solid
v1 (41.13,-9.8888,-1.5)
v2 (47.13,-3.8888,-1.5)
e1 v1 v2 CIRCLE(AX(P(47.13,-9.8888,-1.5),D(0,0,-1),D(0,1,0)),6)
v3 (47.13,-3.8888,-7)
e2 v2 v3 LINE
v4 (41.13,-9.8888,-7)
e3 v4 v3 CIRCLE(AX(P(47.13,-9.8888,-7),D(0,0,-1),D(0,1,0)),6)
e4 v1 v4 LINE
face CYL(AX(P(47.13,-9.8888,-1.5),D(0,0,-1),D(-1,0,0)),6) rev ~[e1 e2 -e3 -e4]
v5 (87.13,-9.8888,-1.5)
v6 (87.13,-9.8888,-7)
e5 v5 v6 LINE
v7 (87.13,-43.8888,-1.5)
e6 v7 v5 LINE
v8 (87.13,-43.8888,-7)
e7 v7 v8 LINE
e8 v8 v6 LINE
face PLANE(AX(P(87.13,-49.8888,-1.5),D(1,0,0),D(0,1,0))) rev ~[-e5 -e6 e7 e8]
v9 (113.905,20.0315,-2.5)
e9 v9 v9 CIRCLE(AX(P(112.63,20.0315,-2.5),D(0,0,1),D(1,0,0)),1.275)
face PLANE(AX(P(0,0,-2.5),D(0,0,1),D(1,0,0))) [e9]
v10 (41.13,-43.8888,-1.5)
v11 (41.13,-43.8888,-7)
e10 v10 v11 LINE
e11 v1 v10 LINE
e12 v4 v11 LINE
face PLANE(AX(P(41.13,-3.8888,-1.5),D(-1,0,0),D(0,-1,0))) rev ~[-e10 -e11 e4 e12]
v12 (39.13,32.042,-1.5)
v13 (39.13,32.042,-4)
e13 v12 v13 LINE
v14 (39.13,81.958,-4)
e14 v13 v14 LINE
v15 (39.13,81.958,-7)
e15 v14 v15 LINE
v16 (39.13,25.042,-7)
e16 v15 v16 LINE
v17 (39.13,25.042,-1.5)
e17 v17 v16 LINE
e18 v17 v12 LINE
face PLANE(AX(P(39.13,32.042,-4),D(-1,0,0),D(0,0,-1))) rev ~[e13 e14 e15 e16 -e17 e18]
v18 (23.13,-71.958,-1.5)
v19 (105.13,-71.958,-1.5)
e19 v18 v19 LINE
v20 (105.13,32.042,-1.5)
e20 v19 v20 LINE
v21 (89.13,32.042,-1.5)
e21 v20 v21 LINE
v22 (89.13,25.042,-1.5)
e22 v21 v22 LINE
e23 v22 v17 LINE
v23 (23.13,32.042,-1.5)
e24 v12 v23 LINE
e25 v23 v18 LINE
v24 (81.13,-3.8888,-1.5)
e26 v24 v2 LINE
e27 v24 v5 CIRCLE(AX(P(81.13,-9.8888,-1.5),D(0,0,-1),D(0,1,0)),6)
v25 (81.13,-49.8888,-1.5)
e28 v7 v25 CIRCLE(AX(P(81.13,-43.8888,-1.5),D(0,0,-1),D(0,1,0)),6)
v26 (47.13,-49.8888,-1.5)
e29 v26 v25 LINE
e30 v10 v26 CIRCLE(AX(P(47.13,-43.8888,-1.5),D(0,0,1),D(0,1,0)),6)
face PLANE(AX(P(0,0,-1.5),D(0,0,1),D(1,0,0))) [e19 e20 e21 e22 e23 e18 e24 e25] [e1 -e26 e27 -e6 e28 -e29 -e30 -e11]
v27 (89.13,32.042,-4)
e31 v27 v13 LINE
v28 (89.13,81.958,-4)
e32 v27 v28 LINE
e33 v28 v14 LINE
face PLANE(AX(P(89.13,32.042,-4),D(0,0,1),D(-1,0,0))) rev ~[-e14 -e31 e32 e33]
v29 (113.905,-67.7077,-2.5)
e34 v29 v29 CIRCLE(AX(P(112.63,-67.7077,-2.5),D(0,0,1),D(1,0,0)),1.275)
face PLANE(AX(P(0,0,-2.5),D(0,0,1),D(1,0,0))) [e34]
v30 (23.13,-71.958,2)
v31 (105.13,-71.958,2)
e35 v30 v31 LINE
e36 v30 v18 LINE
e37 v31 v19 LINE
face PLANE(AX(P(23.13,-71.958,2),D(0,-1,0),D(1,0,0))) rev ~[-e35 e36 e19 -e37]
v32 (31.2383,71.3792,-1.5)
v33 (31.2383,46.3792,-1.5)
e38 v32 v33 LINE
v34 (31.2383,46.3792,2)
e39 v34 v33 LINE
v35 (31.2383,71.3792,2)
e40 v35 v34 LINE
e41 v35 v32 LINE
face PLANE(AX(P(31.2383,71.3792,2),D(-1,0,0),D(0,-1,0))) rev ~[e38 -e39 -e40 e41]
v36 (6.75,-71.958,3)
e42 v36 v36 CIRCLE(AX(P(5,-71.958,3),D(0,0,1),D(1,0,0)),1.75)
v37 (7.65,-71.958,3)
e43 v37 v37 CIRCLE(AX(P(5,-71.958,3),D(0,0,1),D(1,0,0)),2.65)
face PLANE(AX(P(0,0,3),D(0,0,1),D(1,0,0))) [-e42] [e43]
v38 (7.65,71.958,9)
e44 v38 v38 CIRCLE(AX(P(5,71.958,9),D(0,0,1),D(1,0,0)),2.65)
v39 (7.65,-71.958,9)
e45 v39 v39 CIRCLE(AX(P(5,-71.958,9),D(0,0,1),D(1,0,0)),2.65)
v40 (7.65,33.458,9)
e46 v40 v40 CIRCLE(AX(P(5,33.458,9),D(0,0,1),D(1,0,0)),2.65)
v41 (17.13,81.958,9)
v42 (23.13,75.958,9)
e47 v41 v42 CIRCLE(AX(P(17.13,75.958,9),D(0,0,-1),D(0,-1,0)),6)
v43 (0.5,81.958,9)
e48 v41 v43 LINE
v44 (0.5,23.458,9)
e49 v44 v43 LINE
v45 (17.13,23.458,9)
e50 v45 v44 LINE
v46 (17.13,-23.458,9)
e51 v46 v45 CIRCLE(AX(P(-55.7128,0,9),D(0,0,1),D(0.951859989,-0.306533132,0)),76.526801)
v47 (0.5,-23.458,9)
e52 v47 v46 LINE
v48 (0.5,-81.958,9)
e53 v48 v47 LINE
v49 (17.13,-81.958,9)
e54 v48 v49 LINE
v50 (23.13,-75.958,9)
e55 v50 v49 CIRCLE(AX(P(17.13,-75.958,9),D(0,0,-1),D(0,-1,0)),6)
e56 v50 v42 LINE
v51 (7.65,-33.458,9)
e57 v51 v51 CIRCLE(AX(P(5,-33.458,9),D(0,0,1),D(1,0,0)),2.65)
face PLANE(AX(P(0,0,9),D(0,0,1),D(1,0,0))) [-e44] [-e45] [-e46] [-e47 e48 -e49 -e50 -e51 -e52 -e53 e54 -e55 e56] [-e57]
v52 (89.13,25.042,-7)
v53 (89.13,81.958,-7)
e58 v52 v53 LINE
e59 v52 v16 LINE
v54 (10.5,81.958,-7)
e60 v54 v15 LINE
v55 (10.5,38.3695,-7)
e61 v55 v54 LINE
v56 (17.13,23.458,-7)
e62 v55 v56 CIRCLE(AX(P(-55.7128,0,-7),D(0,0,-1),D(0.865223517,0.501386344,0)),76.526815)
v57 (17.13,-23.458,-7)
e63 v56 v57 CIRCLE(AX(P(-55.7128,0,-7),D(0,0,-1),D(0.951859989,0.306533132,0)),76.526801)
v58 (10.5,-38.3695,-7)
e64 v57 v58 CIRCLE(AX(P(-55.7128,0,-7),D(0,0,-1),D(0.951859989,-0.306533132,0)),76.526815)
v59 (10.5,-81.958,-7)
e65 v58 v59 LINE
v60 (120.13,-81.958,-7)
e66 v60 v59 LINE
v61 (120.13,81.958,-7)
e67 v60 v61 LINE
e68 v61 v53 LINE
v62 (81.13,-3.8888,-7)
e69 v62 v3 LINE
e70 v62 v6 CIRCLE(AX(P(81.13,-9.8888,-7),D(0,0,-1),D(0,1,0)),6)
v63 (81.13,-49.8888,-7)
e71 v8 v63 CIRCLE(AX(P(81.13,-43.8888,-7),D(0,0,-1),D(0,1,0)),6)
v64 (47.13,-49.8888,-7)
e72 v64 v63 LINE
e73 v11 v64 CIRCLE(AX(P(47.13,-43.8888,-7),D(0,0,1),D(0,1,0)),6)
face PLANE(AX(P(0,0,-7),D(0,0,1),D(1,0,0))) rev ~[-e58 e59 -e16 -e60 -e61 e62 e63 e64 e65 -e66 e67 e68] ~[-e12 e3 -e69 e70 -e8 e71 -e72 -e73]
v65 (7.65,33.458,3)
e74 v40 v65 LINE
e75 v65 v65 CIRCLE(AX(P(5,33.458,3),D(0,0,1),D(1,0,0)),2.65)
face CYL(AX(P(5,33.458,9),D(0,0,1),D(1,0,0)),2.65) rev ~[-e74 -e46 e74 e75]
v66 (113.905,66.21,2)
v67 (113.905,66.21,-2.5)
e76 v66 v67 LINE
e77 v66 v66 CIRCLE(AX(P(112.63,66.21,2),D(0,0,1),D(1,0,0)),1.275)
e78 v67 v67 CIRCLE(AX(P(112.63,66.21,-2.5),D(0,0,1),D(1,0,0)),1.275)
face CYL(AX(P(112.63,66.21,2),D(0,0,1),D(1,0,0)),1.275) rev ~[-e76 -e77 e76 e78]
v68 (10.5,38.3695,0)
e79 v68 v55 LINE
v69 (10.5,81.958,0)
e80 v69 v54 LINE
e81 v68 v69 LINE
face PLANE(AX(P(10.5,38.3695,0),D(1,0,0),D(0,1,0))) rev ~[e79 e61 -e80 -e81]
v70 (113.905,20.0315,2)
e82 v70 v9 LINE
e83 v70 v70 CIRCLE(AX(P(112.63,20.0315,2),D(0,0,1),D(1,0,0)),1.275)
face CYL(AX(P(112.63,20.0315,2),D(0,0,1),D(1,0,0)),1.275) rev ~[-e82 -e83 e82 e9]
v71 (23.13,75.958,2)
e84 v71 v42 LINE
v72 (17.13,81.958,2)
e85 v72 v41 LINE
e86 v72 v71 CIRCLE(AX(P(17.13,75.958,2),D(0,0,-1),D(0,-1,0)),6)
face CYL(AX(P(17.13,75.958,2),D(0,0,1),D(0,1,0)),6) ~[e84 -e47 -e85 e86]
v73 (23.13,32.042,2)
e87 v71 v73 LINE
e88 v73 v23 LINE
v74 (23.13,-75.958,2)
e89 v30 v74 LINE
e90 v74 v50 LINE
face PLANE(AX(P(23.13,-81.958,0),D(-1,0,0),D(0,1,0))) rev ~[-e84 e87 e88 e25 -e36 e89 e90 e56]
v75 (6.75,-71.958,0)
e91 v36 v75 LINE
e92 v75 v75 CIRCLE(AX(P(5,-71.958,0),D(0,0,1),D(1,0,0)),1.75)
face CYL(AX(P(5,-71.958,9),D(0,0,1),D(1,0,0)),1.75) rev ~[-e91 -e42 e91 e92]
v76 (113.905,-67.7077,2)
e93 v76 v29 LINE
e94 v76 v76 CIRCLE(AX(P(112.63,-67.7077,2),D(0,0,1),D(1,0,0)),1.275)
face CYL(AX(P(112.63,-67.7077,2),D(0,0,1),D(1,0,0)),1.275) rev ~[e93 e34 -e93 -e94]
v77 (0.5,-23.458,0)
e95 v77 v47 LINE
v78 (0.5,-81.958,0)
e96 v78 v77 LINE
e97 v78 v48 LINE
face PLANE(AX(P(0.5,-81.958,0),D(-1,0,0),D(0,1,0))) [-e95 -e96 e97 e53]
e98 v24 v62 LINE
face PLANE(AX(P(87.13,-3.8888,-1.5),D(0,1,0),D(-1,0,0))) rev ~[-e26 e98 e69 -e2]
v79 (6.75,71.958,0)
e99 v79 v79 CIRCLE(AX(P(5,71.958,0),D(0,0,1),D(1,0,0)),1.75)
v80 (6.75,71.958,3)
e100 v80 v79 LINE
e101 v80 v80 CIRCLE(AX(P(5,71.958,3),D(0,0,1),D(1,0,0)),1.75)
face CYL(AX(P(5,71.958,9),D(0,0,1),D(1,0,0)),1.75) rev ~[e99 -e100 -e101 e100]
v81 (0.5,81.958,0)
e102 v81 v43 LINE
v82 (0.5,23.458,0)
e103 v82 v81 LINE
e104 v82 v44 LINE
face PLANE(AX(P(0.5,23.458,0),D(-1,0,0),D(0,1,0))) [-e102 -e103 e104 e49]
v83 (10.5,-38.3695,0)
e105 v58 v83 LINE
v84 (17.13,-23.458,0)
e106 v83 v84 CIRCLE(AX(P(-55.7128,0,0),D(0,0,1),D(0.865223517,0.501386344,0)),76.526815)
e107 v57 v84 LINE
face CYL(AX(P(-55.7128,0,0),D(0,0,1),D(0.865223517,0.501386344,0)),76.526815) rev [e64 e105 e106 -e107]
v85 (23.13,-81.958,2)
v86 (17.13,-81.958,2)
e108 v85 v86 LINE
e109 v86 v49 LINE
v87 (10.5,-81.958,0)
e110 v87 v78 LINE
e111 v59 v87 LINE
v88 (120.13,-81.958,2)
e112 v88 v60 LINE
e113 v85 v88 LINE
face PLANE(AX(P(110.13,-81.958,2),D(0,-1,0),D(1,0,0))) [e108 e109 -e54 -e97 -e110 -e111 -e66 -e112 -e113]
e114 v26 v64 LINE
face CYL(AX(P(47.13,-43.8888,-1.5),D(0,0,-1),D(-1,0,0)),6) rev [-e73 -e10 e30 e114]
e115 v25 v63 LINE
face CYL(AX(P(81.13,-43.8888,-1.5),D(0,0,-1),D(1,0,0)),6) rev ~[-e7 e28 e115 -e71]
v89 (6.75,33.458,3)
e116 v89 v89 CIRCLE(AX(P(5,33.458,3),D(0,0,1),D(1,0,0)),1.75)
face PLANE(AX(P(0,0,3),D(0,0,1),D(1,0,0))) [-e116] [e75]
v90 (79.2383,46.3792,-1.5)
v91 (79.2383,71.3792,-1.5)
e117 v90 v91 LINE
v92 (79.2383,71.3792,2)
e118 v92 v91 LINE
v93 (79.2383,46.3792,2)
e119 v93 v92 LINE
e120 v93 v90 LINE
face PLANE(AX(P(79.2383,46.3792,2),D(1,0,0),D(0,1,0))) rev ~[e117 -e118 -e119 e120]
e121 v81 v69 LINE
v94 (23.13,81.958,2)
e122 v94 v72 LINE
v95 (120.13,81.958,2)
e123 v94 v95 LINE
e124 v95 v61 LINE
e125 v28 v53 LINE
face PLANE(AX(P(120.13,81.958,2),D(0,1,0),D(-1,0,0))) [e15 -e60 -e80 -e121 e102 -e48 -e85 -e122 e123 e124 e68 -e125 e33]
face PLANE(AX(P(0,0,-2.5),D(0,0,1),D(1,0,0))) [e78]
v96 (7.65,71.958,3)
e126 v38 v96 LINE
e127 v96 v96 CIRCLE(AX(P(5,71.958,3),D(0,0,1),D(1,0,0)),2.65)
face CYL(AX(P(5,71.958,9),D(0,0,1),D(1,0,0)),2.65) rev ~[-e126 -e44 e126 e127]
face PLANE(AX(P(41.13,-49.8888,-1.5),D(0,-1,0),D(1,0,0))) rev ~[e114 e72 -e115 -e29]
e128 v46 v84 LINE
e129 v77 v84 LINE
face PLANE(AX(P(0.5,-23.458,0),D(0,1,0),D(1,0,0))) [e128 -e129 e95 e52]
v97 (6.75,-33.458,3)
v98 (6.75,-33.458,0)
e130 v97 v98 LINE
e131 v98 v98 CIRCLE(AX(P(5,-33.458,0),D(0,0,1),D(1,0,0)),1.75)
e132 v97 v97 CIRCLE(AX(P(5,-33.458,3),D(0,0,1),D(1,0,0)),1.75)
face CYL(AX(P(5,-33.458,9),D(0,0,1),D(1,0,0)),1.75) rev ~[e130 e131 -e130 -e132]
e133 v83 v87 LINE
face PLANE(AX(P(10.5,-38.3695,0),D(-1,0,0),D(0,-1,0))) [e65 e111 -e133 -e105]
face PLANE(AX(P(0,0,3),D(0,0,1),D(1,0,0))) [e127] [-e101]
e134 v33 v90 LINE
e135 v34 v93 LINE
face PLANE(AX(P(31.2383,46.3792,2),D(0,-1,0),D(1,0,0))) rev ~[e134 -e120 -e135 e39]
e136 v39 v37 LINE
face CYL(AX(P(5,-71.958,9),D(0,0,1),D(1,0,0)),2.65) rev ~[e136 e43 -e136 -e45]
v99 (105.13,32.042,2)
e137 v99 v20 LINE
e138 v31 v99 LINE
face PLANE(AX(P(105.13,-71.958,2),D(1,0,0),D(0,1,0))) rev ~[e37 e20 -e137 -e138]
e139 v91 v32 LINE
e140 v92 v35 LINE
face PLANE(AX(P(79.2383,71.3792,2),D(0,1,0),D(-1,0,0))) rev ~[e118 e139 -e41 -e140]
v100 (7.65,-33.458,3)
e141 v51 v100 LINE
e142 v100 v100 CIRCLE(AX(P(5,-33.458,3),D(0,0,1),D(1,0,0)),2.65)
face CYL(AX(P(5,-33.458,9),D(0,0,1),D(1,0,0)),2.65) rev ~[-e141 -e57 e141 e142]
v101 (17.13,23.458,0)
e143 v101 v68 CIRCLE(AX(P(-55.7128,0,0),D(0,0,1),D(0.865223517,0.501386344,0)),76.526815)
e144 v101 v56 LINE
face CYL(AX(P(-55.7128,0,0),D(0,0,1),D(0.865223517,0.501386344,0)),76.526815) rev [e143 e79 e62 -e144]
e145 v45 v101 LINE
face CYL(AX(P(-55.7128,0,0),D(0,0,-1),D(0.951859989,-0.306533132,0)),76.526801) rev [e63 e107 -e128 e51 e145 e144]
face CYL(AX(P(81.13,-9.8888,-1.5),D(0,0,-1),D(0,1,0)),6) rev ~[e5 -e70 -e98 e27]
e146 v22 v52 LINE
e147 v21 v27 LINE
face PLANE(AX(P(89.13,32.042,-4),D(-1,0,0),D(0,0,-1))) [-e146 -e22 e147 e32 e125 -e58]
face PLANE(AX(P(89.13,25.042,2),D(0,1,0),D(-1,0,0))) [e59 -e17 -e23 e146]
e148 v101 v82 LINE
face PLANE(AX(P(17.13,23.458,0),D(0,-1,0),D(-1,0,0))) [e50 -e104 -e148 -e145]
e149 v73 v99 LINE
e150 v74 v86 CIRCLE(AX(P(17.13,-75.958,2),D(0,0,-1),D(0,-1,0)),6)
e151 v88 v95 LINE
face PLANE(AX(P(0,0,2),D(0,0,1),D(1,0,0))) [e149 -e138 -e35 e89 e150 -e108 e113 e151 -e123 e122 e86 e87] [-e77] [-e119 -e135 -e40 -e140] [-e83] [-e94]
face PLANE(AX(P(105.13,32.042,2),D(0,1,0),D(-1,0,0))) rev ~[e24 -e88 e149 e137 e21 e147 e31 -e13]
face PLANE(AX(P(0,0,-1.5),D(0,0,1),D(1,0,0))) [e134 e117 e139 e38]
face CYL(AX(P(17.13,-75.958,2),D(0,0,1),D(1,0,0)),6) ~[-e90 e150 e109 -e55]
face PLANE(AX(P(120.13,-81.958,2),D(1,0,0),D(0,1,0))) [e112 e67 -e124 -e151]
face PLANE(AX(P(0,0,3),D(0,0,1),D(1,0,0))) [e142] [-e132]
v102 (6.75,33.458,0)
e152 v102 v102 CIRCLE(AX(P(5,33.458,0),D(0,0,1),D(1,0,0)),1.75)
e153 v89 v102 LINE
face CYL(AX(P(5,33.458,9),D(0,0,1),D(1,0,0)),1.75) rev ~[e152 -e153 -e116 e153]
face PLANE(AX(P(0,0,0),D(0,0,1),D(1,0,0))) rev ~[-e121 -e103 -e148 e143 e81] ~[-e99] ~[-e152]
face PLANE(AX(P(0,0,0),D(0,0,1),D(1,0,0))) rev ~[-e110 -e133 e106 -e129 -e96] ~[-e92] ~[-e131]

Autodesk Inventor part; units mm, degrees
ref_plane "YZ Plane" through (0, 0, 0) normal (1, 0, 0) x (0, 1, 0)
ref_plane "XZ Plane" through (0, 0, 0) normal (0, 1, 0) x (-1, 0, 0)
ref_plane "XY Plane" through (0, 0, 0) normal (0, 0, 1) x (1, 0, 0)
sketch "Sketch1" plane through (0, 0, 0) normal (0, 0, 1) x (1, 0, 0)
  line L0 (0, 0) -> (0, 22.958) construction
  line L1 (0, 0) -> (0, -22.958) construction
  line L2 (0, -22.958) -> (16.63, -22.958) construction
  line L3 (16.63, -22.958) -> (16.63, -81.958) construction
  line L4 (16.63, -81.958) -> (0, -81.958) construction
  line L5 (0, -81.958) -> (0, -22.958) construction
  line L6 (0, 22.958) -> (16.63, 22.958) construction
  line L7 (16.63, 22.958) -> (16.63, 81.958) construction
  line L8 (16.63, 81.958) -> (0, 81.958) construction
  line L9 (0, 81.958) -> (0, 22.958) construction
  line L10 (0, -52.458) -> (0.5, -52.458) construction
  line L11 (8.315, -22.958) -> (8.315, -23.458) construction
  line L12 (0, 0) -> (-53.686, 0) construction
  circle A0 centre (-53.686, 0) radius 74 construction
  line L13 (20.314, 0) -> (20.814, 0) construction
  line L14 (16.63, -22.958) -> (17.13, -22.958) construction
  line L15 (16.63, 22.958) -> (17.13, 22.958) construction
  line L16 (0.5, -23.458) -> (17.13, -23.458)
  line L17 (17.13, -23.458) -> (17.13, -81.958)
  line L18 (17.13, -81.958) -> (0.5, -81.958)
  line L19 (0.5, -81.958) -> (0.5, -23.458)
  line L20 (8.315, 22.958) -> (8.315, 23.458) construction
  line L21 (0.5, 81.958) -> (17.13, 81.958)
  line L22 (17.13, 81.958) -> (17.13, 23.458)
  line L23 (17.13, 23.458) -> (0.5, 23.458)
  line L24 (0.5, 23.458) -> (0.5, 81.958)
  arc A1 (17.13, -23.458) -> (17.13, 23.458) centre (-55.7128, 0) ccw
  line L25 (17.13, -81.958) -> (23.13, -81.958)
  line L26 (23.13, -81.958) -> (23.13, 81.958)
  line L27 (23.13, 81.958) -> (17.13, 81.958)
  dimension "d8" = 148
  dimension "d0" = 22.958
  dimension "d1" = 22.958
  dimension "d2" = 16.63
  dimension "d3" = 59
  dimension "d5" = 0.5
  dimension "d6" = 0.5
  dimension "d7" = 53.686
  dimension "d9" = 0.5
  dimension "d10" = 0.5
  dimension "d11" = 0.5
  dimension "d13" = 0.5
  dimension "d14" = 6
extrude "Extrusion1" add sketch "Sketch1" along normal blind 9
sketch "Sketch2" plane through (0, 0, 0) normal (0, 0, -1) x (-1, 0, 0)
  line L0 (-16.63, 22.958) -> (-16.63, 81.958) construction
  circle A0 centre (53.686, 0) radius 74 construction
  line L1 (-16.63, -22.958) -> (-16.63, -81.958) construction
  line L2 (-0.5, 23.458) -> (-17.13, 23.458) projected
  line L3 (-16.63, 23.458) -> (-16.63, 81.958)
  line L4 (-23.13, 81.958) -> (-0.5, 81.958) projected
  line L5 (-17.13, -23.458) -> (-0.5, -23.458) projected
  line L6 (-16.63, -23.458) -> (-16.63, -81.958)
  line L7 (-0.5, -81.958) -> (-23.13, -81.958) projected
  arc A1 (-17.13, 23.458) -> (-17.13, -23.458) centre (55.7128, 0) ccw projected
  arc A2 (-17.13, 23.458) -> (-17.13, -23.458) centre (55.7128, 0) ccw
  line L8 (-23.13, 81.958) -> (-110.13, 81.958)
  line L9 (-110.13, 81.958) -> (-110.13, -81.958)
  line L10 (-110.13, -81.958) -> (-23.13, -81.958)
  line L11 (-23.13, -81.958) -> (-23.13, 81.958)
  line L12 (0, 0) -> (-10.5, 0) construction
  line L13 (-0.5, -81.958) -> (-23.13, -81.958) projected
  arc A3 (-10.5, 38.3695) -> (-10.5, -38.3695) centre (55.7128, 0) ccw
  line L14 (-10.5, 38.3695) -> (-10.5, 81.958)
  line L15 (-10.5, -38.3695) -> (-10.5, -81.958)
  point P0 (-10, 81.958)
  dimension "d17" = 87
  dimension "d66" = 10.5
extrude "Extrusion2" add sketch "Sketch2" along normal blind 7 and the other way blind 2 contours A1 A3 L6 L7 L11 L4 L3 | L3 L4 L14 A3 | A3 L15 L7 L6 | L11 L10 L9 L8
sketch "Sketch3" plane through (0, 0, 9) normal (0, 0, 1) x (1, 0, 0)
  line L0 (0.5, -81.958) -> (23.13, -81.958) construction
  line L1 (0, -23.458) -> (10, -23.458) construction
  line L2 (10, -23.458) -> (10, -81.958) construction
  line L3 (10, -81.958) -> (0, -81.958) construction
  line L4 (0, -81.958) -> (0, -23.458) construction
  line L5 (0, 23.458) -> (10, 23.458) construction
  line L6 (0, 81.958) -> (0, 23.458) construction
  line L7 (5, -81.958) -> (5, -71.958) construction
  line L8 (17.13, -23.458) -> (0.5, -23.458) construction
  line L9 (5, -23.458) -> (5, -33.458) construction
  line L10 (5, -23.458) -> (15, -23.458) construction
  circle A0 centre (5, -71.958) radius 1.75
  circle A1 centre (5, -33.458) radius 1.75
  line L11 (-21.548, 0) -> (41.2165, 0) construction
  circle A2 centre (5, 71.958) radius 1.75
  circle A3 centre (5, 33.458) radius 1.75
  point P0 (0, 0)
  dimension "d20" = 10
  dimension "d21" = 10
  dimension "d22" = 10
  dimension "d24" = 3.5
  dimension "d25" = 3.5
extrude "Extrusion3" cut sketch "Sketch3" against normal up to surface (9 mm away)
sketch "Sketch4" plane through (0, 0, 9) normal (0, 0, 1) x (1, 0, 0)
  circle A0 centre (5, -71.958) radius 1.75 projected
  circle A1 centre (5, -71.958) radius 2.65
  circle A2 centre (5, -33.458) radius 1.75 projected
  circle A3 centre (5, -33.458) radius 2.65
  circle A4 centre (5, 33.458) radius 1.75 projected
  circle A5 centre (5, 33.458) radius 2.65
  circle A6 centre (5, 71.958) radius 1.75 projected
  circle A7 centre (5, 71.958) radius 2.65
  point P0 (0, 0)
  dimension "d28" = 5.3
  dimension "d29" = 5.3
extrude "Extrusion4" cut sketch "Sketch4" against normal blind 6 contours A0 | A1 | A2 | A3 | A4 | A5 | A6 | A7
sketch "Sketch5" plane through (0, 0, 2) normal (0, 0, 1) x (1, 0, 0)
  line L0 (23.13, -71.958) -> (105.13, -71.958)
  line L1 (105.13, -71.958) -> (105.13, 32.042)
  line L2 (105.13, 32.042) -> (23.13, 32.042)
  line L3 (23.13, 32.042) -> (23.13, -71.958)
  line L4 (31.2383, 46.3792) -> (79.2383, 46.3792)
  line L5 (79.2383, 46.3792) -> (79.2383, 71.3792)
  line L6 (79.2383, 71.3792) -> (31.2383, 71.3792)
  line L7 (31.2383, 71.3792) -> (31.2383, 46.3792)
  line L8 (23.13, -81.958) -> (23.13, 81.958) construction
  line L9 (23.13, -81.958) -> (23.13, 81.958) construction
  line L10 (23.13, -81.958) -> (23.13, -71.958) construction
  point P0 (0, 0)
  dimension "d34" = 82
  dimension "d35" = 104
  dimension "d36" = 48
  dimension "d37" = 25
  dimension "d38" = 10
extrude "Extrusion5" cut sketch "Sketch5" against normal blind 3.5
sketch "Sketch6" plane through (0, 0, 2) normal (0, 0, 1) x (1, 0, 0)
  line L0 (23.13, 32.042) -> (105.13, 32.042) projected
  line L1 (64.13, 32.042) -> (39.13, 32.042)
  line L2 (64.13, 32.042) -> (89.13, 32.042)
  line L3 (89.13, 32.042) -> (89.13, 25.042)
  line L4 (89.13, 25.042) -> (39.13, 25.042)
  line L5 (39.13, 25.042) -> (39.13, 32.042)
  point P0 (0, 0)
  dimension "d41" = 25
  dimension "d42" = 25
  dimension "d43" = 7
extrude "Extrusion6" cut sketch "Sketch6" against normal up to surface (9 mm away)
sketch "Sketch7" plane through (23.13, 32.042, 2) normal (0, -1, 0) x (1, 0, 0)
  line L0 (66, -9) -> (16, -9) projected
  line L1 (66, -3.5) -> (66, -9) projected
  line L2 (16, -9) -> (66, -9)
  line L3 (66, -9) -> (66, -6)
  line L4 (66, -6) -> (16, -6)
  line L5 (16, -6) -> (16, -9)
  point P0 (-23.13, -2)
  dimension "d46" = 3
extrude "Extrusion7" cut sketch "Sketch7" against normal up to surface (49.916 mm away)
sketch "Sketch8" plane through (0, 0, -1.5) normal (0, 0, 1) x (1, 0, 0)
  line L0 (41.13, -49.8888) -> (87.13, -49.8888)
  line L1 (87.13, -49.8888) -> (87.13, -3.8888)
  line L2 (87.13, -3.8888) -> (41.13, -3.8888)
  line L3 (41.13, -3.8888) -> (41.13, -49.8888)
  line L4 (41.13, -49.8888) -> (87.13, -3.8888) construction
  line L5 (87.13, -49.8888) -> (41.13, -3.8888) construction
  point P0 (0, 0)
  point P1 (64.13, -26.8888)
  dimension "d49" = 46
  dimension "d50" = 46
extrude "Extrusion8" cut sketch "Sketch8" against normal up to surface (5.5 mm away)
sketch "Sketch9" plane through (0, 0, 2) normal (0, 0, 1) x (1, 0, 0)
  line L0 (110.13, 81.958) -> (110.13, -81.958) projected
  line L1 (110.13, -81.958) -> (120.13, -81.958)
  line L2 (120.13, -81.958) -> (120.13, 81.958)
  line L3 (120.13, 81.958) -> (110.13, 81.958)
  line L4 (110.13, 81.958) -> (110.13, -81.958)
  point P0 (0, 0)
  dimension "d53" = 10
extrude "Extrusion9" add sketch "Sketch9" against normal blind 9
sketch "Sketch10" plane through (0, 0, 2) normal (0, 0, 1) x (1, 0, 0)
  line L0 (105.13, 32.042) -> (105.13, -71.958) construction
  line L1 (105.13, -71.958) -> (120.13, -71.958) construction
  line L2 (120.13, -81.958) -> (120.13, 81.958) construction
  circle A0 centre (112.63, -67.7077) radius 1.275
  circle A1 centre (112.63, 66.21) radius 1.275
  circle A2 centre (112.63, 20.0315) radius 1.275
  line L3 (23.13, -81.958) -> (120.13, -81.958) construction
  line L4 (112.63, 66.21) -> (112.63, 81.958) construction
  line L5 (89.13, 81.958) -> (120.13, 81.958) construction
  line L6 (112.63, 66.21) -> (112.63, 20.0315) construction
  line L7 (112.63, -67.7077) -> (112.63, -81.958) construction
  point P0 (0, 0)
  dimension "d56" = 2.55
  dimension "d57" = 2.55
  dimension "d58" = 2.55
  dimension "d60" = 15.748
  dimension "d61" = 46.1785
  dimension "d62" = 14.2503
extrude "Extrusion10" cut sketch "Sketch10" against normal blind 4.5
fillet "Fillet1" radius 6 6 edges at (41.13, -49.8888, -4.25) (41.13, -3.8888, -4.25) (87.13, -3.8888, -4.25) (87.13, -49.8888, -4.25) (23.13, 81.958, 5.5) (23.13, -81.958, 5.5)
properties part number "Base Extension 1"
